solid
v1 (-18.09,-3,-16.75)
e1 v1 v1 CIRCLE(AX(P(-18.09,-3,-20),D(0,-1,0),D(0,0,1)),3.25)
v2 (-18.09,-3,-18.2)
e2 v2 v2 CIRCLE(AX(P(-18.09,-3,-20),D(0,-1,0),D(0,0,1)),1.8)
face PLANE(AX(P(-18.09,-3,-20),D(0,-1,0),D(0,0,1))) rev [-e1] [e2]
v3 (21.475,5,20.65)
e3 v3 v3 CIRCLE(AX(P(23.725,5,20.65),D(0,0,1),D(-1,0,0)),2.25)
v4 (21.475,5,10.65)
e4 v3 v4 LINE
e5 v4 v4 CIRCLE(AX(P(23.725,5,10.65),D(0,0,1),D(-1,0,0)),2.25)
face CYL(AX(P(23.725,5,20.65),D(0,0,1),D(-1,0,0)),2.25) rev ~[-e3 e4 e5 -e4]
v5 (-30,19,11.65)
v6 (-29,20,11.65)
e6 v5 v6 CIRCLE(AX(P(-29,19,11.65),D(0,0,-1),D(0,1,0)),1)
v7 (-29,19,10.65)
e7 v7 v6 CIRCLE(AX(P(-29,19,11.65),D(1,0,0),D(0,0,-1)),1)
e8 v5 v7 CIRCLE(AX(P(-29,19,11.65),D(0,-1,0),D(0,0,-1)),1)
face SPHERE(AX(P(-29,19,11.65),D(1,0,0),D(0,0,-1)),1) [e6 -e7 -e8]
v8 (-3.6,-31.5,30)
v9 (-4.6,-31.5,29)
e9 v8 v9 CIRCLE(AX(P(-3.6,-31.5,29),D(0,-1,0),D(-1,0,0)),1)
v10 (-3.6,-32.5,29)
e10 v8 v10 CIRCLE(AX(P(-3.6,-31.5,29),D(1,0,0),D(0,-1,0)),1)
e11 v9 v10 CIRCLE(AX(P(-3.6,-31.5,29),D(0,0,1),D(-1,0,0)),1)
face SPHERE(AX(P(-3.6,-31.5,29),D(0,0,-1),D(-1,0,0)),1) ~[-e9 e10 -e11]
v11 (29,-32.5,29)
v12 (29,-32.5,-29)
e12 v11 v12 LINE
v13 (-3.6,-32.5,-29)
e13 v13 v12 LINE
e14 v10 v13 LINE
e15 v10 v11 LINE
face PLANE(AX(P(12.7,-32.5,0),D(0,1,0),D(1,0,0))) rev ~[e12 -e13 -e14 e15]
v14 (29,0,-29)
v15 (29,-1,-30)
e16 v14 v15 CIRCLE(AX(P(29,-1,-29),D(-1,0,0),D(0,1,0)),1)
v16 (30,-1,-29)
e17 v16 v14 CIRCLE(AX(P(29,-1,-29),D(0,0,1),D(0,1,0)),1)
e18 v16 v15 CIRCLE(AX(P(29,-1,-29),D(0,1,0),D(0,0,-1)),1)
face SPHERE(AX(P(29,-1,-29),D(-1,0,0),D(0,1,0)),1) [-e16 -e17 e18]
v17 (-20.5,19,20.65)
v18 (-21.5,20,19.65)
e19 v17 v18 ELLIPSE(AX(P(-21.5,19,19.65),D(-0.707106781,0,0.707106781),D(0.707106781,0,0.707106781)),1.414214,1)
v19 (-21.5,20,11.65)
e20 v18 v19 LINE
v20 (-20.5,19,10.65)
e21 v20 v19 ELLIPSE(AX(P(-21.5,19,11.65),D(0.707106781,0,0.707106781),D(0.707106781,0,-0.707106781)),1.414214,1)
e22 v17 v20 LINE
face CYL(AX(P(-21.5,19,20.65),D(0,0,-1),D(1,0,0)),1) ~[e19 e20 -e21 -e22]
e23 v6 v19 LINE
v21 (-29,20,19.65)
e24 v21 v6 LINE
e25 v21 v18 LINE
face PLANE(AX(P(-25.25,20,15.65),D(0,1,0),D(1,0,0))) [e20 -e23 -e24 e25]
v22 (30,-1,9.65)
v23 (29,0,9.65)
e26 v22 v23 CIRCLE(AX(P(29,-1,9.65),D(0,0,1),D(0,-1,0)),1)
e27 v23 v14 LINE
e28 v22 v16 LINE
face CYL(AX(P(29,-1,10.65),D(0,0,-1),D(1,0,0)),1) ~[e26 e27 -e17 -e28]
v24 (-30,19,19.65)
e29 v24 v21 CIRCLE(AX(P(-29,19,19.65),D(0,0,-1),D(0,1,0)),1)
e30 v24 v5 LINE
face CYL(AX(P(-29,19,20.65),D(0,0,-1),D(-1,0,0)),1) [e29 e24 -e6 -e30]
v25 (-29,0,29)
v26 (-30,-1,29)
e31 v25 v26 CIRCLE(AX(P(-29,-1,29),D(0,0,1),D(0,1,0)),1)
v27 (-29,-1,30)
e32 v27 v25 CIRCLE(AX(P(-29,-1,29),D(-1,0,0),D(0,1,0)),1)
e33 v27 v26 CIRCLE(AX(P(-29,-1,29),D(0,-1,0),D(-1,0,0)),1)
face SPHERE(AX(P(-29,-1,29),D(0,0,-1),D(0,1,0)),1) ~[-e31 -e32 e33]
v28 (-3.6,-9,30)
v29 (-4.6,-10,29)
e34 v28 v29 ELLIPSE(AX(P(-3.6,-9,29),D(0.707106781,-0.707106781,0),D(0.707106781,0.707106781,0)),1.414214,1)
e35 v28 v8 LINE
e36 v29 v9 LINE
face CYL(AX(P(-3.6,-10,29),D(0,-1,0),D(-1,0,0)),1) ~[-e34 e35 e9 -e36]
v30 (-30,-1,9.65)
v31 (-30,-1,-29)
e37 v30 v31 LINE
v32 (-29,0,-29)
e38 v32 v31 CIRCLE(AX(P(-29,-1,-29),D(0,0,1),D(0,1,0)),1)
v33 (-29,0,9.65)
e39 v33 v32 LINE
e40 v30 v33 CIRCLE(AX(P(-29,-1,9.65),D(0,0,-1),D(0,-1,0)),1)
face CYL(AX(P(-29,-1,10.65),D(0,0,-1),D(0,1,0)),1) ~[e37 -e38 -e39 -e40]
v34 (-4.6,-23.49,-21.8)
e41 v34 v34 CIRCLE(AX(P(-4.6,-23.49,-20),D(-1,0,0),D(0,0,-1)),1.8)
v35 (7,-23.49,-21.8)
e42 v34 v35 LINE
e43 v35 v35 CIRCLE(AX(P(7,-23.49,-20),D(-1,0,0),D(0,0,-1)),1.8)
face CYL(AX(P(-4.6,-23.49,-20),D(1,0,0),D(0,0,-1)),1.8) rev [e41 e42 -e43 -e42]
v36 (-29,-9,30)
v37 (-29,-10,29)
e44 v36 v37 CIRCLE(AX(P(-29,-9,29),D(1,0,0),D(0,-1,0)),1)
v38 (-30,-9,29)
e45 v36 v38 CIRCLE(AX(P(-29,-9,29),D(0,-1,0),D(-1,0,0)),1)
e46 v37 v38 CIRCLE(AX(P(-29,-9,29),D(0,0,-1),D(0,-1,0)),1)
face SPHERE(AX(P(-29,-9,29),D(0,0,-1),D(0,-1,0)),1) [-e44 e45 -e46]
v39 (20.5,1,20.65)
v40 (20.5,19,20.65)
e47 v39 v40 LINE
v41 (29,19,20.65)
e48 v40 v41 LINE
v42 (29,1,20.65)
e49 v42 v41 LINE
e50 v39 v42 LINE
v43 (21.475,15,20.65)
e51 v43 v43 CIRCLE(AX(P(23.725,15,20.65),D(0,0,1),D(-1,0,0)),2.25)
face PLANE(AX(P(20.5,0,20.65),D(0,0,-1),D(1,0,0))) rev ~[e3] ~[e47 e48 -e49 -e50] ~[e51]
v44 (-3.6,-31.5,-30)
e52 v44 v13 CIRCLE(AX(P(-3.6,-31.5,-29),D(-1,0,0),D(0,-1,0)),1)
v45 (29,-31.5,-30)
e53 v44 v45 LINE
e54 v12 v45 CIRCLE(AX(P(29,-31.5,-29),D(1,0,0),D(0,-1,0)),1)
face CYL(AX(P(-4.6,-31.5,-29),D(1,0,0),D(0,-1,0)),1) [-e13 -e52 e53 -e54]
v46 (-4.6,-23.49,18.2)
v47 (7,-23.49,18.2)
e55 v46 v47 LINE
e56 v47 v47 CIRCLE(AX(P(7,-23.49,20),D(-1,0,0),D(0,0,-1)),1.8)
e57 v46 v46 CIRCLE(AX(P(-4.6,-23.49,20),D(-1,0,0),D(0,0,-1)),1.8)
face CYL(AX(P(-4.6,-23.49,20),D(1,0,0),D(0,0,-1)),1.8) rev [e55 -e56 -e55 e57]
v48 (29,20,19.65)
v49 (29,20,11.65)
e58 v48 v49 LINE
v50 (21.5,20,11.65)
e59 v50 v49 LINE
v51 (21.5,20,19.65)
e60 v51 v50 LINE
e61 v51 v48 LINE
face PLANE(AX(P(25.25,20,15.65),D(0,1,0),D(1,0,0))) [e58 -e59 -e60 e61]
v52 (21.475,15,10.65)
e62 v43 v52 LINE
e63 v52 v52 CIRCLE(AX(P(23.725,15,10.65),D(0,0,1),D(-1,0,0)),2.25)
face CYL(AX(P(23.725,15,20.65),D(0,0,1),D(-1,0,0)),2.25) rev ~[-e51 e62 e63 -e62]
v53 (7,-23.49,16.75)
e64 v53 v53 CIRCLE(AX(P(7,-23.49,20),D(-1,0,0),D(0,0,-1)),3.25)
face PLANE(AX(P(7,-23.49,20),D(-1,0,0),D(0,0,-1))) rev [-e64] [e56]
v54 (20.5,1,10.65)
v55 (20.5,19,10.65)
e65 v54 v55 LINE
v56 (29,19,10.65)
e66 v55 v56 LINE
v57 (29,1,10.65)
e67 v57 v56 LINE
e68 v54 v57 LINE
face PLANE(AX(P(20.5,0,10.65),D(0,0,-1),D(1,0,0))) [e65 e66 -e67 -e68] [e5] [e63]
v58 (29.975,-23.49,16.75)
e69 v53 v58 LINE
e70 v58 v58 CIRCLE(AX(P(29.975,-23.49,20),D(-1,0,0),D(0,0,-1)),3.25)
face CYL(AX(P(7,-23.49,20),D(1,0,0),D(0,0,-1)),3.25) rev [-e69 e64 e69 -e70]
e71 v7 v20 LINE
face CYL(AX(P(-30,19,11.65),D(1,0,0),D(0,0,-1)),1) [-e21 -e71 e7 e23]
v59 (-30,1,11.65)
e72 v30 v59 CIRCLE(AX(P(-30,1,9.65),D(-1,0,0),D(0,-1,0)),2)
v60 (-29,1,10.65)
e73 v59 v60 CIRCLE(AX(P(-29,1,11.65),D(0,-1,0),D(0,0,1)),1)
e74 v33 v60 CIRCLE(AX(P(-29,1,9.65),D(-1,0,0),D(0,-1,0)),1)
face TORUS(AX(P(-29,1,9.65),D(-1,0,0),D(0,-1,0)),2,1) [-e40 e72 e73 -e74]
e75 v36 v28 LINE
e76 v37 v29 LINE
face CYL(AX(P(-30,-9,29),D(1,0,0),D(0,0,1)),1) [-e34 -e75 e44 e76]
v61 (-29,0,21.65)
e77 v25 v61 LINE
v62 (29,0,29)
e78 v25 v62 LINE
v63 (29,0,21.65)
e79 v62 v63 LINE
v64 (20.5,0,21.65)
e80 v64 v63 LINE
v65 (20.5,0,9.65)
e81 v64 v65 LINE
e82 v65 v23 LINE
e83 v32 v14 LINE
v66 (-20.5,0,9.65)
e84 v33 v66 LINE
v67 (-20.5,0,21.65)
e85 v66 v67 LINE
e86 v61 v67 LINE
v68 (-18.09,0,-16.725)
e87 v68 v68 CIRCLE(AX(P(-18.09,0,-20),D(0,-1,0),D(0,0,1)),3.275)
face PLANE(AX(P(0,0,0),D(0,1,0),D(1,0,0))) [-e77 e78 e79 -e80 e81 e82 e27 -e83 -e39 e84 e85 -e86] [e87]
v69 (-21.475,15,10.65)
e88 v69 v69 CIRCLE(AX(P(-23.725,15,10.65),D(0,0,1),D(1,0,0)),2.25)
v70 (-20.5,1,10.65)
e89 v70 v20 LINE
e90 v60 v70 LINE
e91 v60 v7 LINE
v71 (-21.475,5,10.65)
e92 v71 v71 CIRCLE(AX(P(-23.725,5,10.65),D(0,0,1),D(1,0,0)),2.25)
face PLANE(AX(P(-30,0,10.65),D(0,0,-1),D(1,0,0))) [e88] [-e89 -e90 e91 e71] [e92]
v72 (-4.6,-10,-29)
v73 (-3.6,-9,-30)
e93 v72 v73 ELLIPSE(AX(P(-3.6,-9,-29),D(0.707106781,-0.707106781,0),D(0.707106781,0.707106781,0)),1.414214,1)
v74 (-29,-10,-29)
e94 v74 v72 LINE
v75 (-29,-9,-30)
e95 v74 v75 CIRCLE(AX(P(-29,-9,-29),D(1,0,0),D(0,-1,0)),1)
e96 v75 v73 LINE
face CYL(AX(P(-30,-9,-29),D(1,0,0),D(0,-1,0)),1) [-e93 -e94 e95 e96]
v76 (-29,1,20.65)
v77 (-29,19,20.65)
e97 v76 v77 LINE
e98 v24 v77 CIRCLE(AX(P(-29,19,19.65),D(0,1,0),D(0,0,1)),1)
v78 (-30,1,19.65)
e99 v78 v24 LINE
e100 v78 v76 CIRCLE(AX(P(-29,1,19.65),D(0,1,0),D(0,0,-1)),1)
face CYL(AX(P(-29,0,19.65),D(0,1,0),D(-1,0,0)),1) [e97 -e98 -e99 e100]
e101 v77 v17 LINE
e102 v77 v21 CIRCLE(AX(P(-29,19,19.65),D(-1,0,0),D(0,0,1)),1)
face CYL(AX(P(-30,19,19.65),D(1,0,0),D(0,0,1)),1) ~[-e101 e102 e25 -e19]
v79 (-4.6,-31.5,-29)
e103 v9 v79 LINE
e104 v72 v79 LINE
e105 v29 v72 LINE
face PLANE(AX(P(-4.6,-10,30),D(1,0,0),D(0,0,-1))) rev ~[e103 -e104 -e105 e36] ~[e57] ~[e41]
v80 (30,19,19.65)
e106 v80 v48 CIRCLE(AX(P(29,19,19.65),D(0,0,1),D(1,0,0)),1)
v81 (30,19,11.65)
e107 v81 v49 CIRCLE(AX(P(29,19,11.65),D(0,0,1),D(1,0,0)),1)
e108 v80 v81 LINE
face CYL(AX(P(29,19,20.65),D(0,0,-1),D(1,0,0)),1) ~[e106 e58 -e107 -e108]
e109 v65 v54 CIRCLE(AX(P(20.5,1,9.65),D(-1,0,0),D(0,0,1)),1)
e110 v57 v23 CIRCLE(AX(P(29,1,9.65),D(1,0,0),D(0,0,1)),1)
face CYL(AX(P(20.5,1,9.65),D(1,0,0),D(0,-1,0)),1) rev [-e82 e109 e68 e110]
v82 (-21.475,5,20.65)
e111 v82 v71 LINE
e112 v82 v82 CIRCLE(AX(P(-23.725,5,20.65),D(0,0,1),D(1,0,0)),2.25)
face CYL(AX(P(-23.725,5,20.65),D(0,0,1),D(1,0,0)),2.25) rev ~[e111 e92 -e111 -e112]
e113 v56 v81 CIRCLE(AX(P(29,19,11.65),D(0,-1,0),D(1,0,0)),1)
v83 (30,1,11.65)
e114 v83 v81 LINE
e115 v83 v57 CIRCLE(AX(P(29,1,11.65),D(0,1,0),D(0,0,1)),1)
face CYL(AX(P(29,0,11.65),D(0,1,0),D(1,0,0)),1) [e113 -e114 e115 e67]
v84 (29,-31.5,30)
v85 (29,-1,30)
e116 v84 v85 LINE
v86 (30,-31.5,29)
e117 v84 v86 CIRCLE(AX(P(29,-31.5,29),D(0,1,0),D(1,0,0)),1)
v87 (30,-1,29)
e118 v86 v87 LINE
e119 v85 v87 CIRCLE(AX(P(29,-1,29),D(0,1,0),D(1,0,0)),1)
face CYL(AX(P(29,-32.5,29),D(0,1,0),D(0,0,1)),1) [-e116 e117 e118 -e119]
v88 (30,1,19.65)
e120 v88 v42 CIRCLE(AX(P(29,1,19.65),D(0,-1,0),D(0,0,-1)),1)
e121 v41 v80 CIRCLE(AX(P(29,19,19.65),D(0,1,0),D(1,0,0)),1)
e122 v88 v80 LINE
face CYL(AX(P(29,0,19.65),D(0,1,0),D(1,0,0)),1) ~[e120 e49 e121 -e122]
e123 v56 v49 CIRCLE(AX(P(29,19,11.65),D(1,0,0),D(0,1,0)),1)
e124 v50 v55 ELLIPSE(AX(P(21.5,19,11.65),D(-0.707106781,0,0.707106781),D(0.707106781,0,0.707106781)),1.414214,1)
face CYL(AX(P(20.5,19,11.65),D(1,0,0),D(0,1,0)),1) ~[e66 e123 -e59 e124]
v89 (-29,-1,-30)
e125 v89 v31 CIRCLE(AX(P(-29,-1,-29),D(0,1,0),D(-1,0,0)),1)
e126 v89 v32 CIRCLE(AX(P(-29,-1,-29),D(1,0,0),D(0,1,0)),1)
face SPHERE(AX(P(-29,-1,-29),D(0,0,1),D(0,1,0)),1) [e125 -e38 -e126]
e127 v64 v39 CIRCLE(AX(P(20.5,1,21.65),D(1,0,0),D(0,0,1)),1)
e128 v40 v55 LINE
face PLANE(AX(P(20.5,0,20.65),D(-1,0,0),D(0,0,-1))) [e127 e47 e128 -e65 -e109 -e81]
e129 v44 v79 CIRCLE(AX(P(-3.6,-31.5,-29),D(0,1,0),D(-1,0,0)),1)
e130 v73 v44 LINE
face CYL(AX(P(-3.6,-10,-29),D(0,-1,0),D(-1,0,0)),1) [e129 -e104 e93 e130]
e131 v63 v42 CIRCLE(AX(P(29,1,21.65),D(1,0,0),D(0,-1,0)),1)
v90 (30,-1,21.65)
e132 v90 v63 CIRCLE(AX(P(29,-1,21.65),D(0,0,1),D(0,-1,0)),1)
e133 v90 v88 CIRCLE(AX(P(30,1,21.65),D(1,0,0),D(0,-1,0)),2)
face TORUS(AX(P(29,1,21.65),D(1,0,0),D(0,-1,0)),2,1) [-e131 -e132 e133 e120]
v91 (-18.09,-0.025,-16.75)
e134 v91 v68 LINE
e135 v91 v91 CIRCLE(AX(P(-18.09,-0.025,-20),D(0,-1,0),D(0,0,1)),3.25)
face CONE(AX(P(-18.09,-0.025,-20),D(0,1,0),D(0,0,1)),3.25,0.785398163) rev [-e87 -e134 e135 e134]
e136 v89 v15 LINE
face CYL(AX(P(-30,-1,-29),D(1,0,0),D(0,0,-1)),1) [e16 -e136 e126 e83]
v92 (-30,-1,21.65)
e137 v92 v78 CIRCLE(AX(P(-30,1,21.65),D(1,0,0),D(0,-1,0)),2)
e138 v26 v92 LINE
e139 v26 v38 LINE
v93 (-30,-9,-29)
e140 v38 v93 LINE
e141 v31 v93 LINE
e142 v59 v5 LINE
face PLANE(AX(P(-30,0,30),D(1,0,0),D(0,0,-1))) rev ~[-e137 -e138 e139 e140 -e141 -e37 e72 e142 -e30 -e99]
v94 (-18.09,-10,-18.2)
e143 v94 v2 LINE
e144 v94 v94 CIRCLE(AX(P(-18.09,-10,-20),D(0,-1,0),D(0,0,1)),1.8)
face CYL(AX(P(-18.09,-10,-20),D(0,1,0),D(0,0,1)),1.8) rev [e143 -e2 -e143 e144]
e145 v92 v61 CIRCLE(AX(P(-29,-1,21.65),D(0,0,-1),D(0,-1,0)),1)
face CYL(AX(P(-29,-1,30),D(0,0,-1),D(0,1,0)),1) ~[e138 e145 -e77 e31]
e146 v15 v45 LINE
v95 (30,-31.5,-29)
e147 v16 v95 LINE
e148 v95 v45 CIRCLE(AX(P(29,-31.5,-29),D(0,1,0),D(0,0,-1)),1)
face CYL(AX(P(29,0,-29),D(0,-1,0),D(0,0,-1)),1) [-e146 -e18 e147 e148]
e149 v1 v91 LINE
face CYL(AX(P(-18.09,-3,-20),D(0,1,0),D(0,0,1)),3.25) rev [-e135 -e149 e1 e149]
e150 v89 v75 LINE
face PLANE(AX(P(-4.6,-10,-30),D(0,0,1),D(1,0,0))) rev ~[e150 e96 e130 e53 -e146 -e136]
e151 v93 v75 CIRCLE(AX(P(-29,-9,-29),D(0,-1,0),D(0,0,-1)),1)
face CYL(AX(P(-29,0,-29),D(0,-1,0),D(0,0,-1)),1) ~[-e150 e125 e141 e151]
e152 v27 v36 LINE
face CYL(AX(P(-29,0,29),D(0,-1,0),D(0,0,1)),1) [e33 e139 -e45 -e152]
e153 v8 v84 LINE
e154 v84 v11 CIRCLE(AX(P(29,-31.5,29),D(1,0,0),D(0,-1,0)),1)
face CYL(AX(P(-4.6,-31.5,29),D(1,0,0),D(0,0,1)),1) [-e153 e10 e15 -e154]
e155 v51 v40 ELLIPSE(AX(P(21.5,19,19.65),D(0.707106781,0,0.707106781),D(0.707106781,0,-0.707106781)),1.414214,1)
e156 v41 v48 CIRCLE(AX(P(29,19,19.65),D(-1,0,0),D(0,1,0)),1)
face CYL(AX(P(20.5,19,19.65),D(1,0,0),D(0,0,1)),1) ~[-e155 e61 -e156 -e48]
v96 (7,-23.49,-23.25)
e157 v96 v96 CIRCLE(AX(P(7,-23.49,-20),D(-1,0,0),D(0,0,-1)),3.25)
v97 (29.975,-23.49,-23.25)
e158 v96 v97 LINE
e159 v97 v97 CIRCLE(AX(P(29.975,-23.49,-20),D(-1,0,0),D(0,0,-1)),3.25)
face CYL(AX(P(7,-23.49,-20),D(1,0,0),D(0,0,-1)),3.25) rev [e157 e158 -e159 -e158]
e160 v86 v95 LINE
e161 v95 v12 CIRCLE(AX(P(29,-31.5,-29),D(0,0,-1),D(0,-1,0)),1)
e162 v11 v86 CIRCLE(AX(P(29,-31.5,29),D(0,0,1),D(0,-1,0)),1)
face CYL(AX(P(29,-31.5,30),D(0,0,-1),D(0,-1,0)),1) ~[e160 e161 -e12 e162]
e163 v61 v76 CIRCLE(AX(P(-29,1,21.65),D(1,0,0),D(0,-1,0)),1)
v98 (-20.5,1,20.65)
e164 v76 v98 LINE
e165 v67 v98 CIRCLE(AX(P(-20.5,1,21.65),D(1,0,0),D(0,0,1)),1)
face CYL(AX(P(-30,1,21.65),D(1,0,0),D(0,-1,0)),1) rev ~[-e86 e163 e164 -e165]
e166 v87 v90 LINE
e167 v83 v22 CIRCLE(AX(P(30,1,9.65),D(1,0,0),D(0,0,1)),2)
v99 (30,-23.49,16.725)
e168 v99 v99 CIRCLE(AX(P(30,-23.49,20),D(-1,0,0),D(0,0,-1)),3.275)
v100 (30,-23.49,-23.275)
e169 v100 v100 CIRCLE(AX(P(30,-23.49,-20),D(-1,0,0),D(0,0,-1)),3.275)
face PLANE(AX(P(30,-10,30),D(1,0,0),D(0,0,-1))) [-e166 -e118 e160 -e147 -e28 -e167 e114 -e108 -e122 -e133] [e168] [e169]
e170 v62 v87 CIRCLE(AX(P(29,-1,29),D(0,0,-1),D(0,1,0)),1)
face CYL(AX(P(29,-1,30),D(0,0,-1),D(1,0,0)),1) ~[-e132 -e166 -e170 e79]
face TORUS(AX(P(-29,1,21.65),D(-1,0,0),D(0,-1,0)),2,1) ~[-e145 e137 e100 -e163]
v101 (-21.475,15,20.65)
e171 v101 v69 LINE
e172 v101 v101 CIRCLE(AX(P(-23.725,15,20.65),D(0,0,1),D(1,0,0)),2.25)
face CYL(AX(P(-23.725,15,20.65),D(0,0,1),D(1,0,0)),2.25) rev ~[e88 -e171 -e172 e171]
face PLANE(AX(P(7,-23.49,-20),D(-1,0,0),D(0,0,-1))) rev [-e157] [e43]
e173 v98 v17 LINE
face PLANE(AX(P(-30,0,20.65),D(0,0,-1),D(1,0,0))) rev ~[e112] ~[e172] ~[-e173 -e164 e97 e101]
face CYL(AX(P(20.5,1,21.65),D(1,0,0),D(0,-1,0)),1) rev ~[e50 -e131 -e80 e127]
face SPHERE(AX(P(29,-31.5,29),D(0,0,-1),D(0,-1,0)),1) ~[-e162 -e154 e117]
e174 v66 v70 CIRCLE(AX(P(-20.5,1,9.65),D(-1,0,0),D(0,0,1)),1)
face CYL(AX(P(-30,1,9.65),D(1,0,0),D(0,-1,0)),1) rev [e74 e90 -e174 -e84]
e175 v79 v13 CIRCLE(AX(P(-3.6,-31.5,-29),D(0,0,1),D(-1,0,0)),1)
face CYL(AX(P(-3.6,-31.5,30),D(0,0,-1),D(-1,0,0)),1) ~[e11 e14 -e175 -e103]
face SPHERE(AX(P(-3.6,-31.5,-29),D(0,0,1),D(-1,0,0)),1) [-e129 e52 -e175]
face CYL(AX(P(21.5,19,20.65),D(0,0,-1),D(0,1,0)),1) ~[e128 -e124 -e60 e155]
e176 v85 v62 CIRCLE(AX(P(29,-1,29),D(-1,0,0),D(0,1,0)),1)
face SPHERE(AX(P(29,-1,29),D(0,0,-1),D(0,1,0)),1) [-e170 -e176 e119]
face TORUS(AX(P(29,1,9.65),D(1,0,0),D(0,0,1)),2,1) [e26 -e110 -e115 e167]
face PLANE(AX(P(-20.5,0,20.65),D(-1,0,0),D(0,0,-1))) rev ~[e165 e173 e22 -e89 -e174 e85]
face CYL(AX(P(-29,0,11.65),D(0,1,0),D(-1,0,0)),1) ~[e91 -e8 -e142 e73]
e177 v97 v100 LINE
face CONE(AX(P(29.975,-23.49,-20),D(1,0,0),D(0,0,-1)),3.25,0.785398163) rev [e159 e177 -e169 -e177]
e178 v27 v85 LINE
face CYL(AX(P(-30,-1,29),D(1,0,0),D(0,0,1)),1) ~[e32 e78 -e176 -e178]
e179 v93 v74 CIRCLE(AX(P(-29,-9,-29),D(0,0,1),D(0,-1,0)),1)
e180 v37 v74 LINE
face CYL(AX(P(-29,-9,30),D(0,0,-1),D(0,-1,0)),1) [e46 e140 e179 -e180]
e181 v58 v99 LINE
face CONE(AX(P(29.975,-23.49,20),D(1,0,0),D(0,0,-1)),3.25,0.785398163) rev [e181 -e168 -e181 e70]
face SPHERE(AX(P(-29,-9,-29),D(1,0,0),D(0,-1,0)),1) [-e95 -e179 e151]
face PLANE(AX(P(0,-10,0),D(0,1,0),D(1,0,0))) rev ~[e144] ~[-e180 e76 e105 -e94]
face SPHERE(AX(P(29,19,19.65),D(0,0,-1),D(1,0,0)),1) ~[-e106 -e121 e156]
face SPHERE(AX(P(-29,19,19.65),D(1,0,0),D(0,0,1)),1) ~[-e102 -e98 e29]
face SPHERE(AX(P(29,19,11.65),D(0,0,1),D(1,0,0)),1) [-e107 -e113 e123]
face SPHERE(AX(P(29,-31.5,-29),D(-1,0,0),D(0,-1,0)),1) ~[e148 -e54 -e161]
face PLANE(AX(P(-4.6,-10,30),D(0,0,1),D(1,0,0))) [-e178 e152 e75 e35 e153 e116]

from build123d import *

# Parameters (mm, degrees)
SKETCH1_W                     = 60
SKETCH1_H                     = 60
BOSS_EXTRUDE1_DEPTH           = 10
SKETCH1_3_W                   = 9.5
SKETCH1_3_H                   = 10
BOSS_EXTRUDE2_DEPTH           = 20
BOSS_EXTRUDE3_START           = -10
SKETCH1_4_W                   = 34.6
SKETCH1_4_H                   = 60
BOSS_EXTRUDE3_DEPTH           = 22.5
CBORE_FOR_M3_SHCS1_AT_2_COUNT = 2
CBORE_FOR_M3_SHCS1_AT_2_PITCH = 40
SKETCH6_R                     = 2.25
CUT_EXTRUDE1_DEPTH            = 10
FILLET1_R                     = 1


with BuildPart() as part:
    # Sketch1 → Boss-Extrude1 (new body)
    with BuildSketch(Plane(origin=(0, 0, 0), x_dir=(1, 0, 0), z_dir=(0, 1, 0))):
        Rectangle(SKETCH1_W, SKETCH1_H)
    extrude(amount=-BOSS_EXTRUDE1_DEPTH)

    # Sketch1<3> → Boss-Extrude2 (add)
    with BuildSketch(Plane(origin=(0, 0, 0), x_dir=(1, 0, 0), z_dir=(0, 1, 0))):
        with Locations((-25.25, -15.65)):
            Rectangle(SKETCH1_3_W, SKETCH1_3_H)
        with Locations((25.25, -15.65)):
            Rectangle(SKETCH1_3_W, SKETCH1_3_H)
    extrude(amount=BOSS_EXTRUDE2_DEPTH)

    # Sketch1<4> → Boss-Extrude3 (add)
    with BuildSketch(Plane(origin=(0, 0, 0), x_dir=(1, 0, 0), z_dir=(0, 1, 0)).offset(BOSS_EXTRUDE3_START)):
        with Locations((12.7, 0)):
            Rectangle(SKETCH1_4_W, SKETCH1_4_H)
    extrude(amount=-BOSS_EXTRUDE3_DEPTH)

    # Sketch3 → CBORE for M3 SHCS1 (revolve, cut)
    with BuildSketch(Plane(origin=(30, -23.49, 20), x_dir=(0, 0, -1), z_dir=(0, 1, 0))):
        Polygon((0, 0), (0, 35.681549114), (1.8, 34.6), (1.8, 23), (3.25, 23), (3.25, 0.025), (3.275, 0), align=None)
    cbore_for_m3_shcs1 = revolve(axis=Axis((36.35, -23.49, 20), (-1, 0, 0)), mode=Mode.SUBTRACT)

    # CBORE for M3 SHCS1 at 2: CBORE for M3 SHCS1 ×2
    with Locations(*[(0, 0, -i * CBORE_FOR_M3_SHCS1_AT_2_PITCH) for i in range(1, CBORE_FOR_M3_SHCS1_AT_2_COUNT)]):
        add(cbore_for_m3_shcs1, mode=Mode.SUBTRACT)

    # Sketch5 → CBORE for M3 SHCS2 (revolve, cut)
    with BuildSketch(Plane(origin=(-18.09, 0, -20), x_dir=(0, 0, 1), z_dir=(1, 0, 0))):
        Polygon((0, 0), (0, 11.081549114), (1.8, 10), (1.8, 3), (3.25, 3), (3.25, 0.025), (3.275, 0), align=None)
    revolve(axis=Axis((-18.09, 6.35, -20), (0, -1, 0)), mode=Mode.SUBTRACT)

    # Sketch6 → Cut-Extrude1 (cut)
    with BuildSketch(Plane.XY.offset(20.65)):
        with Locations((-23.725, 15)):
            Circle(SKETCH6_R)
        with Locations((-23.725, 5)):
            Circle(SKETCH6_R)
        with Locations(Location((23.725, 5, 0), (0, 0, 180))):
            Circle(SKETCH6_R)
        with Locations(Location((23.725, 15, 0), (0, 0, 180))):
            Circle(SKETCH6_R)
    extrude(amount=-CUT_EXTRUDE1_DEPTH, mode=Mode.SUBTRACT)

    # Fillet1
    fillet1_edges = [part.edges().sort_by_distance(p)[0] for p in [
        (-17.3, -10, -30),
        (-30, -10, 0),
        (-30, 0, 25.325),
        (-25.25, 20, 20.65),
        (-30, 10, 20.65),
        (-20.5, 20, 15.65),
        (-25.25, 20, 10.65),
        (-30, 10, 10.65),
        (-30, 20, 15.65),
        (-25.25, 0, 20.65),
        (-25.25, 0, 10.65),
        (30, 0, 25.325),
        (30, 20, 15.65),
        (30, 10, 20.65),
        (25.25, 0, 10.65),
        (30, 10, 10.65),
        (25.25, 0, 20.65),
        (25.25, 20, 10.65),
        (20.5, 20, 15.65),
        (25.25, 20, 20.65),
        (-17.3, -10, 30),
        (-4.6, -32.5, 0),
        (-4.6, -21.25, 30),
        (-4.6, -21.25, -30),
        (12.7, -32.5, -30),
        (30, -32.5, 0),
        (12.7, -32.5, 30),
        (0, 0, 30),
        (-30, 0, -9.675),
        (0, 0, -30),
        (30, 0, -9.675),
        (30, -16.25, 30),
        (-30, -5, 30),
        (-30, -5, -30),
        (30, -16.25, -30),
    ]]
    fillet(fillet1_edges, radius=FILLET1_R)


solid = part.part
